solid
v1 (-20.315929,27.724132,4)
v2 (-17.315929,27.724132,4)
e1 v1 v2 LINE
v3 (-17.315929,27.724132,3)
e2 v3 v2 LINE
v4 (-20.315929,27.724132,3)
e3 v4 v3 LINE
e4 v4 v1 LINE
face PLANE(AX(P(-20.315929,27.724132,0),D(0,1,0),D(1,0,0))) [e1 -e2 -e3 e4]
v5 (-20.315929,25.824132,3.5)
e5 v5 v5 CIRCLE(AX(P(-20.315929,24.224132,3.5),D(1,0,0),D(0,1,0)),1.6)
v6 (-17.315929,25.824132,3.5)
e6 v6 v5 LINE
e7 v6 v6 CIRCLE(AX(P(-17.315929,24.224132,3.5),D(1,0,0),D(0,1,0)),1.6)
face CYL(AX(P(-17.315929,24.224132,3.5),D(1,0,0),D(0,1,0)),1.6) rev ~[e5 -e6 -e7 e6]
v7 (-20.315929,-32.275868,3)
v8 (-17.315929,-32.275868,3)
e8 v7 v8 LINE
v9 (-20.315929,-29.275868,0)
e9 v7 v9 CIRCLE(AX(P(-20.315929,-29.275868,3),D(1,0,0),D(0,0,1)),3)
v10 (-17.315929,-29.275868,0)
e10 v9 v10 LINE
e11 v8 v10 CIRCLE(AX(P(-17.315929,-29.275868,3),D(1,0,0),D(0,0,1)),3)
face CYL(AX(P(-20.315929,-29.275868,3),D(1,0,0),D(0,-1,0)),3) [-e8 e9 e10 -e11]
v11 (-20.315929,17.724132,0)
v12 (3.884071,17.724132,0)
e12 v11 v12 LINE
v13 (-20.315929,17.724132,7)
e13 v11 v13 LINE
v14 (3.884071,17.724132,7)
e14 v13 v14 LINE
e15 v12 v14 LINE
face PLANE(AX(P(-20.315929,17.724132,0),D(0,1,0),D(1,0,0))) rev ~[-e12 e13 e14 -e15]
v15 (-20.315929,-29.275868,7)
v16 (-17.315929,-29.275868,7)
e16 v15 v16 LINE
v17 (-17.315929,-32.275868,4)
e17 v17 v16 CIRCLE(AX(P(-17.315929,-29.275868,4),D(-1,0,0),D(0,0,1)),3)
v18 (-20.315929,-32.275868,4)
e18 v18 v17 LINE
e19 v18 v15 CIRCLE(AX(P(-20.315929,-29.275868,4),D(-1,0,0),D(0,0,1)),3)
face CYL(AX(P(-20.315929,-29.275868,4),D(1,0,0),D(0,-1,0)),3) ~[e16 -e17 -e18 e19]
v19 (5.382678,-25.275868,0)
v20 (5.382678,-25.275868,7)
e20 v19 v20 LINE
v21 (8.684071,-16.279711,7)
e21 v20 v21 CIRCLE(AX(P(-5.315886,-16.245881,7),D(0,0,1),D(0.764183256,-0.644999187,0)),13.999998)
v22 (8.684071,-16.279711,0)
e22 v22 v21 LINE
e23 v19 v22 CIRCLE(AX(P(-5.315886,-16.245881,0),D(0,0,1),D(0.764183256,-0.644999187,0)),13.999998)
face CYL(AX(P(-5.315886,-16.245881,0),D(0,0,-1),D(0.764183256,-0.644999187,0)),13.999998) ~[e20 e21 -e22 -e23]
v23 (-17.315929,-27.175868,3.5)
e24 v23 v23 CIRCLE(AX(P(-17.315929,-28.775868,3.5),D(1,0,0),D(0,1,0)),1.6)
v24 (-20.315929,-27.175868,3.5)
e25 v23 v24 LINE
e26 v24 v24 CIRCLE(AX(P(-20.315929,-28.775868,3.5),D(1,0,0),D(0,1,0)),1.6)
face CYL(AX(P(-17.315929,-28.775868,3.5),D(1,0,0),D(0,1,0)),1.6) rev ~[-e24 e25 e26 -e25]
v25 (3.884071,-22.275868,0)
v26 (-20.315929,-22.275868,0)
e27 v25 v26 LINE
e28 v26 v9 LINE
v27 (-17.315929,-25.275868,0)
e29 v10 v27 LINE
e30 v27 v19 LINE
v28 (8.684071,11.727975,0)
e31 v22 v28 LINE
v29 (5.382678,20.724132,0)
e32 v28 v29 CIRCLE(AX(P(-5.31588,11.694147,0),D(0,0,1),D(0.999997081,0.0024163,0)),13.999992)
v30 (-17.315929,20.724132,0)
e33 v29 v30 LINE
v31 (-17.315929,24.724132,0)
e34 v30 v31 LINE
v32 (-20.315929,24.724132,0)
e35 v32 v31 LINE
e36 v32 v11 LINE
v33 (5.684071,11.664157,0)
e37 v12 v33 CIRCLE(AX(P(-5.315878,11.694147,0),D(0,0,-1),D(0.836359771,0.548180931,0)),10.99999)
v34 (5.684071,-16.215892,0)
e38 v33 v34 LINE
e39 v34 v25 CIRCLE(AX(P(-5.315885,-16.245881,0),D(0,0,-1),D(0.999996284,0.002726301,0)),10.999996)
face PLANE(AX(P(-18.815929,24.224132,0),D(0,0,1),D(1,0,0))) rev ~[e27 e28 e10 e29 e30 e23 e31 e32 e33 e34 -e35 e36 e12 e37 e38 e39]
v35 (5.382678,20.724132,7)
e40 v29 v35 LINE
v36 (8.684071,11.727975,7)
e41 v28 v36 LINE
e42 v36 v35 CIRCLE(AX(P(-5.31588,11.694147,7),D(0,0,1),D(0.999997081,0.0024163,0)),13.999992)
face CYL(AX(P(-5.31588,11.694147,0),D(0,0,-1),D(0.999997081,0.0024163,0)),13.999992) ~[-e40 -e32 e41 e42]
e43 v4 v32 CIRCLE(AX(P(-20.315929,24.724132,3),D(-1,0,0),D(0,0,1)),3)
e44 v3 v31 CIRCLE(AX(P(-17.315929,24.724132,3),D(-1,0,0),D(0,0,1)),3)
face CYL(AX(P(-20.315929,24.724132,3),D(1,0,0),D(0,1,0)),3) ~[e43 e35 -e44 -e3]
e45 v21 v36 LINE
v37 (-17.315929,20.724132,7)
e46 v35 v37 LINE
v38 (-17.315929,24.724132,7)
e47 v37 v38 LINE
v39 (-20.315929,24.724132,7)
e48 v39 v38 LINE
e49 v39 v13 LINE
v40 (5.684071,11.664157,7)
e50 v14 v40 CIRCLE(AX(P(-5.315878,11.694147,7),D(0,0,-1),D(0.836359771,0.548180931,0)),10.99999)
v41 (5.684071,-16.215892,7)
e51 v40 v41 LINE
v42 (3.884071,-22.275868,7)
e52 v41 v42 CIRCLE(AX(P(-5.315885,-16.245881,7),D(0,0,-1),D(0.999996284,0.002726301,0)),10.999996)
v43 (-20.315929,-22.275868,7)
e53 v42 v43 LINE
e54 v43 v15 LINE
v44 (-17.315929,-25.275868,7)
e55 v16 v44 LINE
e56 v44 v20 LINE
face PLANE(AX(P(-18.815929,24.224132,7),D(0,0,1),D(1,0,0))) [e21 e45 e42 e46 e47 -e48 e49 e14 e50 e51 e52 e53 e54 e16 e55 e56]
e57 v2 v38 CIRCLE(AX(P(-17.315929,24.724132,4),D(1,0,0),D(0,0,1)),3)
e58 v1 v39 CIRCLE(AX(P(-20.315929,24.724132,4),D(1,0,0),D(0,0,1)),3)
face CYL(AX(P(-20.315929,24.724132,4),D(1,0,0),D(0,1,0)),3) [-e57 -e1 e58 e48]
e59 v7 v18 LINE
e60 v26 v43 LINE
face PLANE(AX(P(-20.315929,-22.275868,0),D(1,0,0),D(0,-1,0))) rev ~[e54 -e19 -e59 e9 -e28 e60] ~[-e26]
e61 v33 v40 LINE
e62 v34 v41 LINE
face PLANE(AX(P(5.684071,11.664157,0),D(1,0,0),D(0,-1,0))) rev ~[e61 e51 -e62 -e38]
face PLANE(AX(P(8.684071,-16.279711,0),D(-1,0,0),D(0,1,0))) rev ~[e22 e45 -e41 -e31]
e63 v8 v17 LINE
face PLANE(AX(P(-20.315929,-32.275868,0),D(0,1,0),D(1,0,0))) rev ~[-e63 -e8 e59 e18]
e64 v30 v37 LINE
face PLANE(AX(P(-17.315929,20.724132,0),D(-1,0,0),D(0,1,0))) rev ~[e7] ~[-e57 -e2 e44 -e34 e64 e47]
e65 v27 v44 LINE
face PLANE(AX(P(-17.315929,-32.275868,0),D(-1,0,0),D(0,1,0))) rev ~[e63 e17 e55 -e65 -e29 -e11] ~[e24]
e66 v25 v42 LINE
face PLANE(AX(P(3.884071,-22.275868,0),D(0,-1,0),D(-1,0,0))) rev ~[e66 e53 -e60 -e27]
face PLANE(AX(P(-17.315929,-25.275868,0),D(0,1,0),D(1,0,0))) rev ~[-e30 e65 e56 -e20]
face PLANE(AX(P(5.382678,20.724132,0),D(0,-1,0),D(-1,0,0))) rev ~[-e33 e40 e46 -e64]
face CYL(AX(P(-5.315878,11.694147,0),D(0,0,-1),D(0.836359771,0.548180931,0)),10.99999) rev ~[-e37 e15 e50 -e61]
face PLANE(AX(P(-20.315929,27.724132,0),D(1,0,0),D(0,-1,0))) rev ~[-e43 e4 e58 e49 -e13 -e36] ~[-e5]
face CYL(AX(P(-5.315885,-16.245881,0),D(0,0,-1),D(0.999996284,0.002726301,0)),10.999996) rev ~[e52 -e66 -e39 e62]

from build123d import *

# Parameters (mm, degrees)
F0_W     = 3
F0_H     = 7
F1_DEPTH = 7
F2_R     = 3
F3_R     = 1.6
F4_DEPTH = 25
F5_R     = 1.6
F6_DEPTH = 25


with BuildPart() as f1:
    # F0 (on Top) → F1 (new body)
    with BuildSketch(Plane.XY):
        with Locations((-18.815929, 24.224132)):
            Rectangle(F0_W, F0_H)
        with BuildLine():
            Line((5.684071, 11.664157), (5.684071, -16.215892))
            ThreePointArc((5.684071, -16.215892), (5.228779, -19.377972), (3.884071, -22.275868))
            Line((3.884071, -22.275868), (-20.315929, -22.275868))
            Line((-20.315929, -22.275868), (-20.315929, -25.275868))
            Line((-20.315929, -25.275868), (-17.315929, -25.275868))
            Line((-17.315929, -25.275868), (5.382678, -25.275868))
            ThreePointArc((5.382678, -25.275868), (7.827057, -21.069053), (8.684071, -16.279711))
            Line((8.684071, -16.279711), (8.684071, 11.727975))
            ThreePointArc((8.684071, 11.727975), (7.827057, 16.517318), (5.382678, 20.724132))
            Line((5.382678, 20.724132), (-17.315929, 20.724132))
            Line((-17.315929, 20.724132), (-20.315929, 20.724132))
            Line((-20.315929, 20.724132), (-20.315929, 17.724132))
            Line((-20.315929, 17.724132), (3.884071, 17.724132))
            ThreePointArc((3.884071, 17.724132), (5.228779, 14.826237), (5.684071, 11.664157))
        make_face()
        with Locations((-18.815929, -28.775868)):
            Rectangle(F0_W, F0_H)
    extrude(amount=F1_DEPTH)

    # F2
    f2_edges = [f1.edges().sort_by_distance(p)[0] for p in [
        (-18.815929, 27.724132, 0),
        (-18.815929, 27.724132, 7),
        (-18.815929, -32.275868, 0),
        (-18.815929, -32.275868, 7),
    ]]
    fillet(f2_edges, radius=F2_R)

    # F3 (on face) → F4 (cut)
    with BuildSketch(Plane.YZ.offset(-17.315929)):
        with Locations((-28.775868, 3.5)):
            Circle(F3_R)
    extrude(amount=-F4_DEPTH, mode=Mode.SUBTRACT)

    # F5 (on face) → F6 (cut)
    with BuildSketch(Plane.YZ.offset(-17.315929)):
        with Locations((24.224132, 3.5)):
            Circle(F5_R)
    extrude(amount=-F6_DEPTH, mode=Mode.SUBTRACT)


solid = f1.part
